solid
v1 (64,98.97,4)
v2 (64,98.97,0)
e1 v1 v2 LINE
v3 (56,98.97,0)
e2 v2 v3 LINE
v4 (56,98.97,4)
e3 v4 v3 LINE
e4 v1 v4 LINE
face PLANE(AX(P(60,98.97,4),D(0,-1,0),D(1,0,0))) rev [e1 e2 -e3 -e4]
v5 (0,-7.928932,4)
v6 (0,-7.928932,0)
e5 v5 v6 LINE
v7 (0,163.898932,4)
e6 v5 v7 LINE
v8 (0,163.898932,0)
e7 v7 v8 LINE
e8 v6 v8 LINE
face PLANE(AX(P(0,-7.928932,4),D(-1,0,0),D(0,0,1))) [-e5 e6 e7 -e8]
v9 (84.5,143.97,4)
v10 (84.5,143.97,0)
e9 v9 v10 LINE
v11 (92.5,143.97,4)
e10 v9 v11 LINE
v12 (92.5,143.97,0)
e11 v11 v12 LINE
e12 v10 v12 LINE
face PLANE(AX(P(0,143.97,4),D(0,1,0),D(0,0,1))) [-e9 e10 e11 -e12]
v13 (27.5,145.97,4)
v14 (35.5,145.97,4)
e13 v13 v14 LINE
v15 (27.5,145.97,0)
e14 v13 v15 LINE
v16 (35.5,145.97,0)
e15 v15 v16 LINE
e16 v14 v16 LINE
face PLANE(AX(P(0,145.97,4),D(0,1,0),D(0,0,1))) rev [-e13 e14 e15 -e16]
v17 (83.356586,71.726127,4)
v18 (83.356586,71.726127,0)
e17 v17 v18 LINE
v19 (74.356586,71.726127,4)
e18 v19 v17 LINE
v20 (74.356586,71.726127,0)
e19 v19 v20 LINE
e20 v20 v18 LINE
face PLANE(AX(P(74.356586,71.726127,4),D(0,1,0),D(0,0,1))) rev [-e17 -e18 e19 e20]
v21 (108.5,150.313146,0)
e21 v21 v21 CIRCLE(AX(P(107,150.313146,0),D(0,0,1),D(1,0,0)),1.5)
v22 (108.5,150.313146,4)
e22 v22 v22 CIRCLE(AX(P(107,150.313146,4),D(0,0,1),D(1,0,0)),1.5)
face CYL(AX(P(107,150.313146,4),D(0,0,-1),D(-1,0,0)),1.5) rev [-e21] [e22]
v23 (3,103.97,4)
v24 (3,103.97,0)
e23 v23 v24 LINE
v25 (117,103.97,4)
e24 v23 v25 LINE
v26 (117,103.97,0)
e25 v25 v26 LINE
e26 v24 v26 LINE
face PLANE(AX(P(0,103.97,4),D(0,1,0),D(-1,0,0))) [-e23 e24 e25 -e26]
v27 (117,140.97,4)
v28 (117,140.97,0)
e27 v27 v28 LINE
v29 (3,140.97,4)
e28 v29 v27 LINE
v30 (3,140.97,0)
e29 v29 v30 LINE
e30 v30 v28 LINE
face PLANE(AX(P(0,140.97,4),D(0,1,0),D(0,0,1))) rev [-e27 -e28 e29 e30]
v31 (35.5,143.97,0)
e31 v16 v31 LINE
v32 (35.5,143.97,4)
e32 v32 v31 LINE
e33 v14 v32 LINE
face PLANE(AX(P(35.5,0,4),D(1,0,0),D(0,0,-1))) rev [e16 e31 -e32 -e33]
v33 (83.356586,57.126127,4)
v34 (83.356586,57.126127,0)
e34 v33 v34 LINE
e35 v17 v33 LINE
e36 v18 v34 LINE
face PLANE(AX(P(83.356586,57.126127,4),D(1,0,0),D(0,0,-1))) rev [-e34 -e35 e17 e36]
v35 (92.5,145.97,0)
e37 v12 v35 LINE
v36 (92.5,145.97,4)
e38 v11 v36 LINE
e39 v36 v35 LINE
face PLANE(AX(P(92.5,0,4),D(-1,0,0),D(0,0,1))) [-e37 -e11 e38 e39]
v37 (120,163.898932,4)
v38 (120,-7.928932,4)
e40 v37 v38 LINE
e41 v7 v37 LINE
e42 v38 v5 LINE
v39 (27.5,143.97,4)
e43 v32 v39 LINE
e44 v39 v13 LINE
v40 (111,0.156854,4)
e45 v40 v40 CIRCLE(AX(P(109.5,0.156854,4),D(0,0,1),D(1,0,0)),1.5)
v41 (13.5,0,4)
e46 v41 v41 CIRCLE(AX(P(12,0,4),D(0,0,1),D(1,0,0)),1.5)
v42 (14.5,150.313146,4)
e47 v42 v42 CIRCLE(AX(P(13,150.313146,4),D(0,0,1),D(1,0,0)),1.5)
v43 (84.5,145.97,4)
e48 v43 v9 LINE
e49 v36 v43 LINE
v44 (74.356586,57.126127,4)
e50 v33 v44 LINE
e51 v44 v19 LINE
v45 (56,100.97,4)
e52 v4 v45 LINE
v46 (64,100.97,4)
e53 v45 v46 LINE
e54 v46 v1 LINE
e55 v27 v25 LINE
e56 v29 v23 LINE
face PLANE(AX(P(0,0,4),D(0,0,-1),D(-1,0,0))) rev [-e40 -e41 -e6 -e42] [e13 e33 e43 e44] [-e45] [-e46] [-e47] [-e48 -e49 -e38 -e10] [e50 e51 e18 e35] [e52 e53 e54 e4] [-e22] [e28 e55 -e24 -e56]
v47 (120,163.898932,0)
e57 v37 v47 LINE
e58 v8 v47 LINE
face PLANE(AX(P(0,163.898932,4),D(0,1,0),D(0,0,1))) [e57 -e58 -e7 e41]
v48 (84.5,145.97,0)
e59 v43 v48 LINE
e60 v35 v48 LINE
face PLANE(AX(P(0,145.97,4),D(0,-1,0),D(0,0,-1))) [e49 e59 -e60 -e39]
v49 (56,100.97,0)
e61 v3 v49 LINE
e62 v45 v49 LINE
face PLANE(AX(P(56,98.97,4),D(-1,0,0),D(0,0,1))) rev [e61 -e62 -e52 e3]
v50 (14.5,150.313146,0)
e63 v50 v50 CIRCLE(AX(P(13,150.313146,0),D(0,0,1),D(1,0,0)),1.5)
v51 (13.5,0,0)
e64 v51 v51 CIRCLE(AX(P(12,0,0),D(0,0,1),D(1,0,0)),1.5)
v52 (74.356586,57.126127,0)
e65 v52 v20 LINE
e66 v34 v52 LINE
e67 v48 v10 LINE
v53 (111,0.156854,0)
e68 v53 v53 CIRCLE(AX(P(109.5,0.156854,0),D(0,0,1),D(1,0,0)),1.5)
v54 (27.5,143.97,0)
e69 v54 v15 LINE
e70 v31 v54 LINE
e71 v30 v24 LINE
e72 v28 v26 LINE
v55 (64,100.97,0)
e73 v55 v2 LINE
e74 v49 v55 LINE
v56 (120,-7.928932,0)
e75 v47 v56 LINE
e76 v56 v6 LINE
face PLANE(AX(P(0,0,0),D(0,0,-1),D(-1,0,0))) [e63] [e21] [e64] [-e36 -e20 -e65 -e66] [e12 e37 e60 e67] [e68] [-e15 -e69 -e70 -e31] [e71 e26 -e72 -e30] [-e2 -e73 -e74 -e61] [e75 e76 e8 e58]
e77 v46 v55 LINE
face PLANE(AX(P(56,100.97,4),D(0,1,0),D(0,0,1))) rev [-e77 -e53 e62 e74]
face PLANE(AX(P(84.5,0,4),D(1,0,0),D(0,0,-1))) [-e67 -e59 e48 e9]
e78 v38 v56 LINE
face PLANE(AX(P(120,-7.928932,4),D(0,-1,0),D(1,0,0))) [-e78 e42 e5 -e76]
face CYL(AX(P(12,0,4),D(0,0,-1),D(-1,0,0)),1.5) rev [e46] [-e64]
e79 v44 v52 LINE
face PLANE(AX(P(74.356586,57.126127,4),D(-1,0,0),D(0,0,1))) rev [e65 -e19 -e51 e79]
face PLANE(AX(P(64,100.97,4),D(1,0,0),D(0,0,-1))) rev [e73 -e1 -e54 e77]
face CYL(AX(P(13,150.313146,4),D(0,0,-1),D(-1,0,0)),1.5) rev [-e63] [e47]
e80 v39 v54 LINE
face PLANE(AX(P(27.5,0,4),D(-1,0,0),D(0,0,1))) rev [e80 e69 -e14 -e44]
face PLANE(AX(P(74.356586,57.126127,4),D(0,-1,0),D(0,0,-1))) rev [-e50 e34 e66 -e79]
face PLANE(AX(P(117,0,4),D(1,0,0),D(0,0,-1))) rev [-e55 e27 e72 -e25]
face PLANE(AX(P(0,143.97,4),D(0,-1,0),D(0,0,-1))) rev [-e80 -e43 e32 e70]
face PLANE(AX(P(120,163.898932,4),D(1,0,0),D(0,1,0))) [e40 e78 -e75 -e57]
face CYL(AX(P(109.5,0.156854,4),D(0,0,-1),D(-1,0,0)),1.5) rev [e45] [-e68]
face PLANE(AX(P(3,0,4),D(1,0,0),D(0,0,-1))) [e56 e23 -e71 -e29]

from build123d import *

# Parameters (mm, degrees)
SKETCH1_W           = 120
SKETCH1_H           = 171.827864376
SKETCH1_R           = 1.5
SKETCH1_W_2         = 114
SKETCH1_H_2         = 37
BOSS_EXTRUDE1_DEPTH = 4
SKETCH2_W           = 9
SKETCH2_H           = 14.6
CUT_EXTRUDE1_DEPTH  = 5


with BuildPart() as part:
    # Sketch1 → Boss-Extrude1 (new body)
    with BuildSketch(Plane.XY):
        with Locations((60, 77.985)):
            Rectangle(SKETCH1_W, SKETCH1_H)
        with Locations((13, 150.313145751)):
            Circle(SKETCH1_R, mode=Mode.SUBTRACT)
        with Locations((107, 150.313145751)):
            Circle(SKETCH1_R, mode=Mode.SUBTRACT)
        with Locations((109.5, 0.156854249)):
            Circle(SKETCH1_R, mode=Mode.SUBTRACT)
        with Locations((12, 0)):
            Circle(SKETCH1_R, mode=Mode.SUBTRACT)
        with Locations((60, 122.47)):
            Rectangle(SKETCH1_W_2, SKETCH1_H_2, mode=Mode.SUBTRACT)
        Polygon((31.5, 143.97), (27.5, 143.97), (27.5, 145.97), (35.5, 145.97), (35.5, 143.97), align=None, mode=Mode.SUBTRACT)
        Polygon((92.5, 145.97), (84.5, 145.97), (84.5, 143.97), (88.5, 143.97), (92.5, 143.97), align=None, mode=Mode.SUBTRACT)
        Polygon((60, 98.97), (56, 98.97), (56, 100.97), (64, 100.97), (64, 98.97), align=None, mode=Mode.SUBTRACT)
    extrude(amount=BOSS_EXTRUDE1_DEPTH)

    # Sketch2 → Cut-Extrude1 (cut, through all)
    with BuildSketch(Plane(origin=(0, 0, 0), x_dir=(-1, 0, 0), z_dir=(0, 0, -1))):
        with Locations((-78.856585714, 64.426127197)):
            Rectangle(SKETCH2_W, SKETCH2_H)
    extrude(amount=-CUT_EXTRUDE1_DEPTH, mode=Mode.SUBTRACT)


solid = part.part
